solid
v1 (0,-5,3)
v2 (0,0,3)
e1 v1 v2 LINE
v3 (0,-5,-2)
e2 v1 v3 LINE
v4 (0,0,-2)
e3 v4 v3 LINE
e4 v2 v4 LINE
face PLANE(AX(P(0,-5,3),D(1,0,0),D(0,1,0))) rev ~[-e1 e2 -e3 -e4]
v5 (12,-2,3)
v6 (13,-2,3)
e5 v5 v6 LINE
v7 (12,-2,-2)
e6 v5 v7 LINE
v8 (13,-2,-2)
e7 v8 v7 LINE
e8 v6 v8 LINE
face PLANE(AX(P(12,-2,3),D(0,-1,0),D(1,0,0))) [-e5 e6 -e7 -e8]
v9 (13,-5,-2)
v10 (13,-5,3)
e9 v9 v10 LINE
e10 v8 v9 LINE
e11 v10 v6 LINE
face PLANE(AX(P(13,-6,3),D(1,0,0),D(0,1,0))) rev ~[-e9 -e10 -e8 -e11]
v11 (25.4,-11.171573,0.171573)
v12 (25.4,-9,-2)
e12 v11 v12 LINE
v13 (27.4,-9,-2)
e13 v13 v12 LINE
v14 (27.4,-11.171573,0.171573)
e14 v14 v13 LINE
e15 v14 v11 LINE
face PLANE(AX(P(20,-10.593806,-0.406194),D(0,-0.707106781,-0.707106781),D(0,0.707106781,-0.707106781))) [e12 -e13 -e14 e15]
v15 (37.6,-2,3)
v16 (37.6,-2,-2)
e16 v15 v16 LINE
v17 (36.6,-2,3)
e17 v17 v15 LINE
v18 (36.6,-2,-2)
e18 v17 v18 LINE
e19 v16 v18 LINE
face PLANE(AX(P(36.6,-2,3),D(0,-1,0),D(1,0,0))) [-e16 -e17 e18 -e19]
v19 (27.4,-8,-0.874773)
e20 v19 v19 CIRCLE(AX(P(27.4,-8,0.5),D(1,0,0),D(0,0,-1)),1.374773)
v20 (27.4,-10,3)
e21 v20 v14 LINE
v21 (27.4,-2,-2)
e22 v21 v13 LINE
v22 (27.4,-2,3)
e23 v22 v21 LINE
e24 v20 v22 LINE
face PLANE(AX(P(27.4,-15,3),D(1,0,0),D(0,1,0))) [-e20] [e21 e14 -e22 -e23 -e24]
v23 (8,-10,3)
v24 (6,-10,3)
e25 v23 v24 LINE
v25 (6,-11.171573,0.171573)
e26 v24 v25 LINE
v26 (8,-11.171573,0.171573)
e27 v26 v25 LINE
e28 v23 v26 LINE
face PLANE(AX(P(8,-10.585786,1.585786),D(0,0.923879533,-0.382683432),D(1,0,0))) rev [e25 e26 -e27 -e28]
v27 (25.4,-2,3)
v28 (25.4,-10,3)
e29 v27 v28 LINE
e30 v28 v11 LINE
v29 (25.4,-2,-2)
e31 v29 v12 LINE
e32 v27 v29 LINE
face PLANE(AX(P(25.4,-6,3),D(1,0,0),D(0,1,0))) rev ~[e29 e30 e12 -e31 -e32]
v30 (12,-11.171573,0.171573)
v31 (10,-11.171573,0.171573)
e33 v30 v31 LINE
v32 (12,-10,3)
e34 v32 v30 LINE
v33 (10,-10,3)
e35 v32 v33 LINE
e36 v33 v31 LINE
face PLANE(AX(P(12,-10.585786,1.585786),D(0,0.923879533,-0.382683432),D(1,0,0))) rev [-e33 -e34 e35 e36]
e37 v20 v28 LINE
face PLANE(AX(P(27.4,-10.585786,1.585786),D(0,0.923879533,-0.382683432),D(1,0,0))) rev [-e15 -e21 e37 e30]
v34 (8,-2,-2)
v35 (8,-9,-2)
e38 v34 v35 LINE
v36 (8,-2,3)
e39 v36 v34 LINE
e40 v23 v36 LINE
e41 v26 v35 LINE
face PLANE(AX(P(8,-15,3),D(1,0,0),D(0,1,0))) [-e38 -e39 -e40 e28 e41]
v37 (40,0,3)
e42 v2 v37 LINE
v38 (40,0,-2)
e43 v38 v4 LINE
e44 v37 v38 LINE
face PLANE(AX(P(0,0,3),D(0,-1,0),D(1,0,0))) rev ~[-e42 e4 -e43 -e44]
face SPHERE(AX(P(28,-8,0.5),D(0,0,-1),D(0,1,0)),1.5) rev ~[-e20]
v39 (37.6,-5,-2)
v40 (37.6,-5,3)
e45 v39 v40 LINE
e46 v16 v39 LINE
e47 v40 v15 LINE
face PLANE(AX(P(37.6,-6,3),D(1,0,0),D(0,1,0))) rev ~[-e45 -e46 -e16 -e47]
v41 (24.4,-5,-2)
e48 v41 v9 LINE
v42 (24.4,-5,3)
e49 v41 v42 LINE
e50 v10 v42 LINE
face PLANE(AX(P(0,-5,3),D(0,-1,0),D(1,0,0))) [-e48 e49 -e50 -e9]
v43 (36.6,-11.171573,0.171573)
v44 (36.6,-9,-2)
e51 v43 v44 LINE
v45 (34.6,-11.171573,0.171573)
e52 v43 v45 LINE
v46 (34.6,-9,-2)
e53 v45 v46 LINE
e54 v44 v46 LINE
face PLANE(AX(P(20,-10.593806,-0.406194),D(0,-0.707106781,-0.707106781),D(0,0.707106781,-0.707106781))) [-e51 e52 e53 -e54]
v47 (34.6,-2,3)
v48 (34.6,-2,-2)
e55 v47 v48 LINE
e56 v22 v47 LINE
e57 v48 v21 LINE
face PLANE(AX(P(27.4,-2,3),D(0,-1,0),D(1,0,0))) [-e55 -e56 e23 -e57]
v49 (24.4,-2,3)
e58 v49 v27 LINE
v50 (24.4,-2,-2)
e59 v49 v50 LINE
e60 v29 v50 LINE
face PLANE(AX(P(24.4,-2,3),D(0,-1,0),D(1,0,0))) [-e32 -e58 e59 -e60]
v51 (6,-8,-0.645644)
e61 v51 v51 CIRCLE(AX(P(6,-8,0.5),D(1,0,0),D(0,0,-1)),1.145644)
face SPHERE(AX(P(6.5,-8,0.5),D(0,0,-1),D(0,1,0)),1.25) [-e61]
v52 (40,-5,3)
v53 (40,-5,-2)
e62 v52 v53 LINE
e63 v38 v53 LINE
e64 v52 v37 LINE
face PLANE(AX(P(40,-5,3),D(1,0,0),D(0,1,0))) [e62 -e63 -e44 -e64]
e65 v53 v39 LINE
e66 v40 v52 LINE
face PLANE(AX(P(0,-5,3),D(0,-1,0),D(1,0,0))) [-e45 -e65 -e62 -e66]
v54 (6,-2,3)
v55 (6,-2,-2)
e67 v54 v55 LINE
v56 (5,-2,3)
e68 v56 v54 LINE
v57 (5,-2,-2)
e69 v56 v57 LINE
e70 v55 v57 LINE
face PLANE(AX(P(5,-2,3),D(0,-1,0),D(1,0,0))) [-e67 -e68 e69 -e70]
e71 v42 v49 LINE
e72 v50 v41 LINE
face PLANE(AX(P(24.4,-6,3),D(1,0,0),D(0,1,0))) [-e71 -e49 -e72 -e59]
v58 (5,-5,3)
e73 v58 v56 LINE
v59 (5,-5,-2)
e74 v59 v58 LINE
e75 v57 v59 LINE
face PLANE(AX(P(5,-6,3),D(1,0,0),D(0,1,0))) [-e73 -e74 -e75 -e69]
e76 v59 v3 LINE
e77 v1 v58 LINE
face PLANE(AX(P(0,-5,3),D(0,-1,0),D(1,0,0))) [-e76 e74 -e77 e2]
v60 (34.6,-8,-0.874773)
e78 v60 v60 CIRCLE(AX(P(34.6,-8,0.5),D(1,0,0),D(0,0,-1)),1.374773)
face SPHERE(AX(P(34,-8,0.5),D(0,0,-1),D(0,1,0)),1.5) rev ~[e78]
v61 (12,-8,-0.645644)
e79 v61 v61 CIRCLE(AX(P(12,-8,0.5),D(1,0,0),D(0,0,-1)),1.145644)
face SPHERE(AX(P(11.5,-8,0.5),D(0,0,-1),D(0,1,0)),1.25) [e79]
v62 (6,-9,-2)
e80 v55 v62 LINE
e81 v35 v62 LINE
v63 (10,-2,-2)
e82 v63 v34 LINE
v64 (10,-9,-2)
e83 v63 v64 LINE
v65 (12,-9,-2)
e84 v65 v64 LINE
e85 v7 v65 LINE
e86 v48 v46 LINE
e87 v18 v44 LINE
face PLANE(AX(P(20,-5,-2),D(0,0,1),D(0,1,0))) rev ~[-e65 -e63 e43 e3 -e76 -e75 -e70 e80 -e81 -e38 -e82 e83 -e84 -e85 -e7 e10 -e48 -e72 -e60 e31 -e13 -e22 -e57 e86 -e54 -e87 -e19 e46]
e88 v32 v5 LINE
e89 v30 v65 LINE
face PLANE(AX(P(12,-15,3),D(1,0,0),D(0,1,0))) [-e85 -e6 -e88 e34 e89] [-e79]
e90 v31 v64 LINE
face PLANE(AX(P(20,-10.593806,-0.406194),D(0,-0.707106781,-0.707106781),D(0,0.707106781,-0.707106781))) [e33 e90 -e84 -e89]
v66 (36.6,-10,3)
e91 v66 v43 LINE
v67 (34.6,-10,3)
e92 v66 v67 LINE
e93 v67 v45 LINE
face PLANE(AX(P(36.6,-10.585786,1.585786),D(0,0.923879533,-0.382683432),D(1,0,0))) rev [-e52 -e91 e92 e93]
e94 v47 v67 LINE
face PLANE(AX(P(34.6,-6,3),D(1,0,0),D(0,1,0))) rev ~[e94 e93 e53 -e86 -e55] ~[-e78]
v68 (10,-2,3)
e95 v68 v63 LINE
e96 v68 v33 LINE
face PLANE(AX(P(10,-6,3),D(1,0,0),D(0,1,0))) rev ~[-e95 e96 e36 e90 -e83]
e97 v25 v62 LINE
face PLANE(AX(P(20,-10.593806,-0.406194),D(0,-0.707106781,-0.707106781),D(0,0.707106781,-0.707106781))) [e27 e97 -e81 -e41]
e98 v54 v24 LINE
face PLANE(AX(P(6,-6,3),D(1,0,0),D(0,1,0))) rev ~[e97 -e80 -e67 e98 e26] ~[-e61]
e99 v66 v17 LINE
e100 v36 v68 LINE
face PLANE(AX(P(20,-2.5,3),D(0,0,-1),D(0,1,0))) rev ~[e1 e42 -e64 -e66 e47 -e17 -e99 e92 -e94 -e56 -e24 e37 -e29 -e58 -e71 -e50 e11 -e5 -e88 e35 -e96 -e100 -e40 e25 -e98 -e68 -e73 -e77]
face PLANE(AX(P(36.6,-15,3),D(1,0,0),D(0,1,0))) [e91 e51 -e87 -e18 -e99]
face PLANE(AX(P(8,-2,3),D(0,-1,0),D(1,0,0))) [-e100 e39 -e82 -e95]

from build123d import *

# Parameters (mm, degrees)
BOX026_W               = 12
BOX026_H               = 44
BOX026_DEPTH           = 10
BOX022_W               = 4
BOX022_H               = 1
BOX022_DEPTH           = 7
BOX024_W               = 4
BOX024_H               = 1
BOX024_DEPTH           = 7
BOX021_W               = 4
BOX021_H               = 2
BOX021_DEPTH           = 7
BOX023_W               = 4
BOX023_H               = 1
BOX023_DEPTH           = 7
BOX020_W               = 4
BOX020_H               = 1
BOX020_DEPTH           = 7
BOX025_W               = 4
BOX025_H               = 7.2
BOX025_DEPTH           = 7
BOX019_W               = 13
BOX019_H               = 40
BOX019_DEPTH           = 10
BOX019_PLACEMENT_ANGLE = 45
BOX018_W               = 10
BOX018_H               = 2
BOX018_DEPTH           = 7
BOX017_W               = 10
BOX017_H               = 2
BOX017_DEPTH           = 7
BOX016_W               = 10
BOX016_H               = 2
BOX016_DEPTH           = 7
BOX014_W               = 10
BOX014_H               = 2
BOX014_DEPTH           = 7
BOX015_W               = 5
BOX015_H               = 40
BOX015_DEPTH           = 7
CHAMFER002_SIZE        = 4
CUT007_PLACEMENT_ANGLE = 180
CUT008_PLACEMENT_ANGLE = 90


with BuildPart() as cube026:
    # Box026 → Box026 (new body)
    with BuildSketch(Plane(origin=(-11, -2, -12), x_dir=(1, 0, 0), z_dir=(0, 0, 1))):
        with Locations((6, 22)):
            Rectangle(BOX026_W, BOX026_H)
    extrude(amount=BOX026_DEPTH)


with BuildPart() as cube022:
    # Box022 → Box022 (new body)
    with BuildSketch(Plane(origin=(-1, 12, 0), x_dir=(1, 0, 0), z_dir=(0, 0, 1))):
        with Locations((2, 0.5)):
            Rectangle(BOX022_W, BOX022_H)
    extrude(amount=BOX022_DEPTH)


with BuildPart() as cube024:
    # Box024 → Box024 (new body)
    with BuildSketch(Plane(origin=(-1, 36.6, 0), x_dir=(1, 0, 0), z_dir=(0, 0, 1))):
        with Locations((2, 0.5)):
            Rectangle(BOX024_W, BOX024_H)
    extrude(amount=BOX024_DEPTH)


with BuildPart() as cube021:
    # Box021 → Box021 (new body)
    with BuildSketch(Plane(origin=(-1, 8, 0), x_dir=(1, 0, 0), z_dir=(0, 0, 1))):
        with Locations((2, 1)):
            Rectangle(BOX021_W, BOX021_H)
    extrude(amount=BOX021_DEPTH)


with BuildPart() as cube023:
    # Box023 → Box023 (new body)
    with BuildSketch(Plane(origin=(-1, 24.4, 0), x_dir=(1, 0, 0), z_dir=(0, 0, 1))):
        with Locations((2, 0.5)):
            Rectangle(BOX023_W, BOX023_H)
    extrude(amount=BOX023_DEPTH)


with BuildPart() as cube020:
    # Box020 → Box020 (new body)
    with BuildSketch(Plane(origin=(-1, 5, 0), x_dir=(1, 0, 0), z_dir=(0, 0, 1))):
        with Locations((2, 0.5)):
            Rectangle(BOX020_W, BOX020_H)
    extrude(amount=BOX020_DEPTH)


with BuildPart() as fusion008:
    # Box025 → Box025 (new body)
    with BuildSketch(Plane(origin=(-1, 27.4, 0), x_dir=(1, 0, 0), z_dir=(0, 0, 1))):
        with Locations((2, 3.6)):
            Rectangle(BOX025_W, BOX025_H)
    extrude(amount=BOX025_DEPTH)

    # Fusion008: union Cube022, Cube024, Cube021, Cube023, Cube020
    add(cube022.part)
    add(cube024.part)
    add(cube021.part)
    add(cube023.part)
    add(cube020.part)


with BuildPart() as sphere014:
    # Sphere014 → Sphere014 (revolve)
    with BuildSketch(Plane(origin=(-3, 28, 2.5), x_dir=(1, 0, 0), z_dir=(0, -1, 0))):
        with BuildLine():
            ThreePointArc((0, -1.5), (1.5, 0), (0, 1.5))
            Line((0, 1.5), (0, -1.5))
        make_face()
    revolve(axis=Axis((-3, 28, 2.5), (0, 0, 1)))


with BuildPart() as fusion007:
    # Sphere015 → Sphere015 (revolve)
    with BuildSketch(Plane(origin=(-3, 34, 2.5), x_dir=(1, 0, 0), z_dir=(0, -1, 0))):
        with BuildLine():
            ThreePointArc((0, -1.5), (1.5, 0), (0, 1.5))
            Line((0, 1.5), (0, -1.5))
        make_face()
    revolve(axis=Axis((-3, 34, 2.5), (0, 0, 1)))

    # Fusion007: union Sphere014
    add(sphere014.part)


with BuildPart() as sphere013:
    # Sphere013 → Sphere013 (revolve)
    with BuildSketch(Plane(origin=(-3, 11.5, 2.5), x_dir=(1, 0, 0), z_dir=(0, -1, 0))):
        with BuildLine():
            ThreePointArc((0, -1.25), (1.25, 0), (0, 1.25))
            Line((0, 1.25), (0, -1.25))
        make_face()
    revolve(axis=Axis((-3, 11.5, 2.5), (0, 0, 1)))


with BuildPart() as cube019:
    # Box019 → Box019 (new body)
    with BuildSketch(Plane.XY):
        with Locations((6.5, 20)):
            Rectangle(BOX019_W, BOX019_H)
    extrude(amount=BOX019_DEPTH)


with BuildPart() as cube019_1:
    # Box019 placement: moved
    add(cube019.part.moved(Location((-10.19, 0, -1.19))).rotate(Axis((-10.19, 0, -1.19), (0, -1, 0)), BOX019_PLACEMENT_ANGLE))


with BuildPart() as cube018:
    # Box018 → Box018 (new body)
    with BuildSketch(Plane(origin=(-10, 6, 0), x_dir=(1, 0, 0), z_dir=(0, 0, 1))):
        with Locations((5, 1)):
            Rectangle(BOX018_W, BOX018_H)
    extrude(amount=BOX018_DEPTH)


with BuildPart() as cube017:
    # Box017 → Box017 (new body)
    with BuildSketch(Plane(origin=(-10, 10, 0), x_dir=(1, 0, 0), z_dir=(0, 0, 1))):
        with Locations((5, 1)):
            Rectangle(BOX017_W, BOX017_H)
    extrude(amount=BOX017_DEPTH)


with BuildPart() as cube016:
    # Box016 → Box016 (new body)
    with BuildSketch(Plane(origin=(-10, 25.4, 0), x_dir=(1, 0, 0), z_dir=(0, 0, 1))):
        with Locations((5, 1)):
            Rectangle(BOX016_W, BOX016_H)
    extrude(amount=BOX016_DEPTH)


with BuildPart() as cube014:
    # Box014 → Box014 (new body)
    with BuildSketch(Plane(origin=(-10, 34.6, 0), x_dir=(1, 0, 0), z_dir=(0, 0, 1))):
        with Locations((5, 1)):
            Rectangle(BOX014_W, BOX014_H)
    extrude(amount=BOX014_DEPTH)


with BuildPart() as cut005:
    # Box015 → Box015 (new body)
    with BuildSketch(Plane.XY):
        with Locations((2.5, 20)):
            Rectangle(BOX015_W, BOX015_H)
    extrude(amount=BOX015_DEPTH)

    # Fusion005: union Cube018, Cube017, Cube016, Cube014
    add(cube018.part)
    add(cube017.part)
    add(cube016.part)
    add(cube014.part)

    # Cut005: cut Cube019
    add(cube019_1.part, mode=Mode.SUBTRACT)


with BuildPart() as cut008:
    # Sphere012 → Sphere012 (revolve)
    with BuildSketch(Plane(origin=(-3, 6.5, 2.5), x_dir=(1, 0, 0), z_dir=(0, -1, 0))):
        with BuildLine():
            ThreePointArc((0, -1.25), (1.25, 0), (0, 1.25))
            Line((0, 1.25), (0, -1.25))
        make_face()
    revolve(axis=Axis((-3, 6.5, 2.5), (0, 0, 1)))

    # Fusion006: union Sphere013, Cut005
    add(sphere013.part)
    add(cut005.part)

    # Cut006: cut Fusion007
    add(fusion007.part, mode=Mode.SUBTRACT)

    # Chamfer002
    chamfer002_edges = [cut008.edges().sort_by_distance(p)[0] for p in [
        (-9, 7, 0),
        (-9, 11, 0),
        (-9, 35.6, 0),
        (-9, 26.4, 0),
    ]]
    chamfer(chamfer002_edges, length=CHAMFER002_SIZE)

    # Cut007: cut Fusion008
    add(fusion008.part, mode=Mode.SUBTRACT)


with BuildPart() as cut008_1:
    # Cut007 placement: moved
    add(cut008.part.moved(Location((-5, 40, 3))).rotate(Axis((-5, 40, 3), (1, 0, 0)), CUT007_PLACEMENT_ANGLE))

    # Cut008: cut Cube026
    add(cube026.part, mode=Mode.SUBTRACT)


with BuildPart() as cut008_2:
    # Cut008 placement: moved
    add(cut008_1.part.moved(Location((40, 0, 0))).rotate(Axis((40, 0, 0), (0, 0, 1)), CUT008_PLACEMENT_ANGLE))


solid = cut008_2.part
